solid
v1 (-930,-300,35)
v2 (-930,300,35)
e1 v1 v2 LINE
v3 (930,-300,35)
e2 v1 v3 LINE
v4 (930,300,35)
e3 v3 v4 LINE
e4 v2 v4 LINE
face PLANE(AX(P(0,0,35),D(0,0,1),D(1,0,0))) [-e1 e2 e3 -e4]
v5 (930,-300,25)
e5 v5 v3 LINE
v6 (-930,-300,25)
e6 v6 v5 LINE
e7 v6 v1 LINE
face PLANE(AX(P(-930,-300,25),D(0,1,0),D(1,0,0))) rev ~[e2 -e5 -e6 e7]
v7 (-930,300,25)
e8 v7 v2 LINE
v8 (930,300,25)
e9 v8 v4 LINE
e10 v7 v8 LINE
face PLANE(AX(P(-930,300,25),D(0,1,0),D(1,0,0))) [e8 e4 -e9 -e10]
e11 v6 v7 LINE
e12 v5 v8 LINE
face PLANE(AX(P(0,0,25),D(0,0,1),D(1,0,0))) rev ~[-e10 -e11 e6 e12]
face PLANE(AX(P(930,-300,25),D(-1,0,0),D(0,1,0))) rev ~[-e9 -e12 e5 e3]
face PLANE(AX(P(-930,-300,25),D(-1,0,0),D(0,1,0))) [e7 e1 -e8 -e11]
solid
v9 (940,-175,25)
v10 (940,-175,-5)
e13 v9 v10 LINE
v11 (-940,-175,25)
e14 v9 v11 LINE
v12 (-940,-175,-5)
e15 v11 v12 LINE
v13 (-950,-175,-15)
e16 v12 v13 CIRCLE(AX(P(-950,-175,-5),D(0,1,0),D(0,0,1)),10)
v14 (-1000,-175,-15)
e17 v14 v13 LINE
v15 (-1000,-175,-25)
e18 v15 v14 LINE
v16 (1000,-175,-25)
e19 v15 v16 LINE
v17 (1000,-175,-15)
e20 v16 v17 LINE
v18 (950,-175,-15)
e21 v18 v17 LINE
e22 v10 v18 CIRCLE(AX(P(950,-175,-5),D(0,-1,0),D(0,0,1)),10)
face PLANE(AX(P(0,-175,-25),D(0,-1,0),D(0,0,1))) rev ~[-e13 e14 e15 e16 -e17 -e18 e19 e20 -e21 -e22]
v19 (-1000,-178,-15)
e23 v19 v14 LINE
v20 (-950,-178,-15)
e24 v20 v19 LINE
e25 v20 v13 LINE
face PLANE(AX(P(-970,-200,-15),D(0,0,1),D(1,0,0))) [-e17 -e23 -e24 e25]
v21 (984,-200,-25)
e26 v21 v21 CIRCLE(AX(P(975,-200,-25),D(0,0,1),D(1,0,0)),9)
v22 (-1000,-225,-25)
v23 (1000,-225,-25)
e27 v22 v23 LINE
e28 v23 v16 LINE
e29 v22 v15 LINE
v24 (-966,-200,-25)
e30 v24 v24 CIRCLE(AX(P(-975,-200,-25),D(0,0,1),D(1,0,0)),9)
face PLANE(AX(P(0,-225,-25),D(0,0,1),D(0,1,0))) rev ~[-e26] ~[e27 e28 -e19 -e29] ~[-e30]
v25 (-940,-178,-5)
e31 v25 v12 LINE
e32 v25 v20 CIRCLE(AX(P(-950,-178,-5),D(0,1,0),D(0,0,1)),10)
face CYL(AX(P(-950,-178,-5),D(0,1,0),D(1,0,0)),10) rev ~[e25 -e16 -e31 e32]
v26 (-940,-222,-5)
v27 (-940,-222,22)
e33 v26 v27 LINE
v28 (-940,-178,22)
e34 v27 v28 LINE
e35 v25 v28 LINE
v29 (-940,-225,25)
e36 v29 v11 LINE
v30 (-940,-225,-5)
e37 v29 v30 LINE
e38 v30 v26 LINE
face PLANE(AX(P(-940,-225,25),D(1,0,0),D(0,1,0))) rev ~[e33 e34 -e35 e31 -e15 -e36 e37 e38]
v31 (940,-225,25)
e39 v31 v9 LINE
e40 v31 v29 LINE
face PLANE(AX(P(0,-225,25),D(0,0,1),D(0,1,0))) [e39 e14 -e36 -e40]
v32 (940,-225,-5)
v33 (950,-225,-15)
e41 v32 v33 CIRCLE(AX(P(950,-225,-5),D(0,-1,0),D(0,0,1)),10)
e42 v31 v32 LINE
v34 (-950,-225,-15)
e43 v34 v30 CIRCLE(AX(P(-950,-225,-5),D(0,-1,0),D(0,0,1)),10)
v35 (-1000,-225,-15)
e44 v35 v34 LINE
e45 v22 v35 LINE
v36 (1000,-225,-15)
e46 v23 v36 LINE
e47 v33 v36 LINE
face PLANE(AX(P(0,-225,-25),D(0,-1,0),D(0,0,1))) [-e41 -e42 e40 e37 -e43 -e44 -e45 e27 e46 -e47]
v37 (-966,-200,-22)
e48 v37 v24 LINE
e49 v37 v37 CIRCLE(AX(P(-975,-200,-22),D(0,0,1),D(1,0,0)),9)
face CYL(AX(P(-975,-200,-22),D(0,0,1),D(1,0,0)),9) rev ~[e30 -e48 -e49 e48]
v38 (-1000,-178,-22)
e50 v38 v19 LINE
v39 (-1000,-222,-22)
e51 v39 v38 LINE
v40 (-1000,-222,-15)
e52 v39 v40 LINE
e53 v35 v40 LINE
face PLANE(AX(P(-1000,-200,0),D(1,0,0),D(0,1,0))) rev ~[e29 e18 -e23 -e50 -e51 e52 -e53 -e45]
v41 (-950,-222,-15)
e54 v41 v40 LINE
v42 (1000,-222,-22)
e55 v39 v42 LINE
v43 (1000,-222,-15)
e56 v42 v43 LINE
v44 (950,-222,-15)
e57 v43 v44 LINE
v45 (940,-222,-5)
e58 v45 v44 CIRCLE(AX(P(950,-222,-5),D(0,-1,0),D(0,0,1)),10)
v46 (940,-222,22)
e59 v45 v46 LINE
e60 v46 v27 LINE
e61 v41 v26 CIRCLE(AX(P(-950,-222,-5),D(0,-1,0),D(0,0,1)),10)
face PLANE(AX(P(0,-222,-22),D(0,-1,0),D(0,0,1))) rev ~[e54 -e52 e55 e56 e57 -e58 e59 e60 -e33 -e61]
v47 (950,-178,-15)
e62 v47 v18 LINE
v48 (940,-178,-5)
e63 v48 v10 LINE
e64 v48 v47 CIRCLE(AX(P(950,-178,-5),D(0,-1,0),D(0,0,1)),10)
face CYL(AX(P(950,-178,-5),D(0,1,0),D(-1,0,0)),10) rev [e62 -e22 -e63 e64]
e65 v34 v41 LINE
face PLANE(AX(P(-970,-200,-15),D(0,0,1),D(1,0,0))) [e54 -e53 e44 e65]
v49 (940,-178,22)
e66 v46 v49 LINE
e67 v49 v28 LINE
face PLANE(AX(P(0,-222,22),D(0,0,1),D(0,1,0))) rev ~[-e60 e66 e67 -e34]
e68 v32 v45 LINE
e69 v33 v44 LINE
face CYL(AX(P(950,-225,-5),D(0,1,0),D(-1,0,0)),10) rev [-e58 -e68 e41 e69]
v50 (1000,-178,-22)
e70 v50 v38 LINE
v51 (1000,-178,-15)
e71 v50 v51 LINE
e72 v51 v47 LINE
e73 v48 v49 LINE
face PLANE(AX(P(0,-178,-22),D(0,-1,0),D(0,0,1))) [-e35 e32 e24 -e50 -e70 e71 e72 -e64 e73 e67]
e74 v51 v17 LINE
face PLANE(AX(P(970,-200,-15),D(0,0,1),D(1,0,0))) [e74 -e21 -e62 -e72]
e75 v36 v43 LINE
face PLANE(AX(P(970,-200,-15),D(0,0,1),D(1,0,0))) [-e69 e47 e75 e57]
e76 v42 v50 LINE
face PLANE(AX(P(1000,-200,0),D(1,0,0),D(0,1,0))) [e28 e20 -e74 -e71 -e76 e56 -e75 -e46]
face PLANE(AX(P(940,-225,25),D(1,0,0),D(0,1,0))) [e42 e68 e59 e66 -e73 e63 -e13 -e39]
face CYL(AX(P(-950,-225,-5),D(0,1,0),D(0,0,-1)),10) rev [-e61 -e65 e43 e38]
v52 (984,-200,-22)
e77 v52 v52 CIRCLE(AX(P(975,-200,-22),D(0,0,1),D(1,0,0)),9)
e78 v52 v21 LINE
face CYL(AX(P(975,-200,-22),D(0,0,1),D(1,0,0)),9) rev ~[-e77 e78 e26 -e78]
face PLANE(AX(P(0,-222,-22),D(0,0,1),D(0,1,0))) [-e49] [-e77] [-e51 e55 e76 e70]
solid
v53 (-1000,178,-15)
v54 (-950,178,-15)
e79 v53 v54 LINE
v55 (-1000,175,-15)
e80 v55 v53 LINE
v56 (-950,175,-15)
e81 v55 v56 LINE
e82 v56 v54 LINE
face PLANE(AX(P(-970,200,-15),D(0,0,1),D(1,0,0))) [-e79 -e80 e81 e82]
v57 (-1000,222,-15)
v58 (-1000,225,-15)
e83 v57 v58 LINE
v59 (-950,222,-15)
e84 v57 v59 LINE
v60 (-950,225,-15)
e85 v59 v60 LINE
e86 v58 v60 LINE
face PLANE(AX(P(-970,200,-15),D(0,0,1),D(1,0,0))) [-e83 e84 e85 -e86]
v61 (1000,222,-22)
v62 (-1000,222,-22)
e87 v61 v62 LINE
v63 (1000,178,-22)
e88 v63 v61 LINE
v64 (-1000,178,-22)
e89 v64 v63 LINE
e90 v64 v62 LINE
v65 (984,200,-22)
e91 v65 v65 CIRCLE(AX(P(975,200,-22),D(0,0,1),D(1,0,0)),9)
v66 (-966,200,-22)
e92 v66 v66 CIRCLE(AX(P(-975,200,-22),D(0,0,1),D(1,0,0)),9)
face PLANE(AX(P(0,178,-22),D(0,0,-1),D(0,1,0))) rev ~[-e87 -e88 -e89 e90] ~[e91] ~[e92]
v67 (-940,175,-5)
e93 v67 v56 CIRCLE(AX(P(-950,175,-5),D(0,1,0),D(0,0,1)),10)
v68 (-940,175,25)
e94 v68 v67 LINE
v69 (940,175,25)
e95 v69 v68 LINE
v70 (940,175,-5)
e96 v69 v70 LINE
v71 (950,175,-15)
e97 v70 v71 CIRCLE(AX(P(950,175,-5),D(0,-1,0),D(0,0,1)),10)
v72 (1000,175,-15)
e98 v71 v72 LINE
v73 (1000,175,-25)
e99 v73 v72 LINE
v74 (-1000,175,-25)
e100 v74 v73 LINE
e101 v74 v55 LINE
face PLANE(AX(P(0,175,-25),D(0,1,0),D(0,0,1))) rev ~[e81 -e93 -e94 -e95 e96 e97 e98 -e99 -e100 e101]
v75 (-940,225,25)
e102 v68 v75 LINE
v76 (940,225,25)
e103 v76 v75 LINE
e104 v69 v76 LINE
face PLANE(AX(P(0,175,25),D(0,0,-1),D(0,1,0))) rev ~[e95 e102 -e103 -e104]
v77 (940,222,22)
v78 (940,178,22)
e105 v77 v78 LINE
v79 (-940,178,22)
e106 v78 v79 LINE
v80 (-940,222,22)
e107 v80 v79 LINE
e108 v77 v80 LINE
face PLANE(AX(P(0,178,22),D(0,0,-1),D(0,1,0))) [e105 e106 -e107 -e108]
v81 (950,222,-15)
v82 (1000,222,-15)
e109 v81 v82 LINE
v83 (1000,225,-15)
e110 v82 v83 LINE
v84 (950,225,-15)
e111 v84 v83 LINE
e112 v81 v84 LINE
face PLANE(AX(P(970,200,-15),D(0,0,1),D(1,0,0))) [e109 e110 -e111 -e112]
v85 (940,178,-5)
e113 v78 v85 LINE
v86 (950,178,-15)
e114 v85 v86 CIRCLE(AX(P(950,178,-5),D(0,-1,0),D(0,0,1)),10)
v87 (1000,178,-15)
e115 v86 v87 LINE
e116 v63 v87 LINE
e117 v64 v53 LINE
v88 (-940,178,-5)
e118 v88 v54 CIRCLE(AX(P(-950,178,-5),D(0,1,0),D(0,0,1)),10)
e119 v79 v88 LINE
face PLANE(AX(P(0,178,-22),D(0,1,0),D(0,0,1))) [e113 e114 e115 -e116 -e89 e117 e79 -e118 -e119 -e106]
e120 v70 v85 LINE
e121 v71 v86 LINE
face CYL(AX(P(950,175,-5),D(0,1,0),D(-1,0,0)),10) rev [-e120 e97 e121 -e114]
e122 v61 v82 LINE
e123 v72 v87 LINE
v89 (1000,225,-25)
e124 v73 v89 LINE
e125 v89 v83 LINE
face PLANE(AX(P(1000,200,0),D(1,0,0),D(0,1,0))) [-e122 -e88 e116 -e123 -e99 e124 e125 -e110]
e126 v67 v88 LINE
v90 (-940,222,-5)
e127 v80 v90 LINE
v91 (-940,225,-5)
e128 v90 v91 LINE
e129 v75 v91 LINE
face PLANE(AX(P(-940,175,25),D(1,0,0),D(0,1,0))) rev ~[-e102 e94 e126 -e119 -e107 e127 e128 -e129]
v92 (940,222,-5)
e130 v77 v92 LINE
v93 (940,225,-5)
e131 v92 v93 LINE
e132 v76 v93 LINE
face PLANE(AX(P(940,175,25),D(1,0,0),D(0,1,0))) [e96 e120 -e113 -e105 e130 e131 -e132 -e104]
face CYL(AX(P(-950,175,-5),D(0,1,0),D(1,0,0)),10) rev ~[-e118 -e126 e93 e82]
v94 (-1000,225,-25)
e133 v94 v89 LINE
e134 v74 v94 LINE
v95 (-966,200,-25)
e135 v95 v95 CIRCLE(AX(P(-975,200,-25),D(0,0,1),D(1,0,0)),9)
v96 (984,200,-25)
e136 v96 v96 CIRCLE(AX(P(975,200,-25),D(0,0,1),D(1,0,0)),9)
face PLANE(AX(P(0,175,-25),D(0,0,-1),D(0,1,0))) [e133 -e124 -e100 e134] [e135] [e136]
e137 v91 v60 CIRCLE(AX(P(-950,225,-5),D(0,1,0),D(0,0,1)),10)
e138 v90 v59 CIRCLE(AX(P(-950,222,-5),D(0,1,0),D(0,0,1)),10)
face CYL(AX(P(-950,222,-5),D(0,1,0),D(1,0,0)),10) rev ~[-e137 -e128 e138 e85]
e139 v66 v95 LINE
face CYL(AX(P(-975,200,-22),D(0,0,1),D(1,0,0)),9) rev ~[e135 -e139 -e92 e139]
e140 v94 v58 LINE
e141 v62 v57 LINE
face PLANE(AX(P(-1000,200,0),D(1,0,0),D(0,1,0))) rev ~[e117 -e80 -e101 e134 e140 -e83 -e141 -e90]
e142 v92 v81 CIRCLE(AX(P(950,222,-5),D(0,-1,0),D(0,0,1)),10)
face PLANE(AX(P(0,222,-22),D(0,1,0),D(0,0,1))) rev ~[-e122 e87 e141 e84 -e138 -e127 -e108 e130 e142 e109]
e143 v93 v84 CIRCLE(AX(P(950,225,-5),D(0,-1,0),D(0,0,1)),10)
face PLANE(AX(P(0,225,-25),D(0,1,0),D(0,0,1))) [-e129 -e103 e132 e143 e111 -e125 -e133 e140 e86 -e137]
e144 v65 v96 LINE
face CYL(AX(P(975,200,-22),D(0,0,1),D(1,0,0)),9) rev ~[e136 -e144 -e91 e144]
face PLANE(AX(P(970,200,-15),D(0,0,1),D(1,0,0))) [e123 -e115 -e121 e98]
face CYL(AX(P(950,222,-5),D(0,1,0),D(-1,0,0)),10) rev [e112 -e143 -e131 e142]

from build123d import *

# Parameters (mm, degrees)
F0_W     = 50
F0_H     = 50
F0_W_2   = 44
F0_H_2   = 44
F1_DEPTH = 1000
F2_W     = 1860
F2_H     = 600
F3_DEPTH = 10
F4_W     = 60
F4_H     = 50
F5_DEPTH = 40
F6_R     = 10
F7_R     = 10
F8_R     = 9
F9_DEPTH = 5


with BuildPart() as f1:
    # F0 (on Right) → F1 (new body, symmetric)
    with BuildSketch(Plane.YZ):
        with Locations((-200, 0)):
            Rectangle(F0_W, F0_H)
        with Locations((-200, 0)):
            Rectangle(F0_W_2, F0_H_2, mode=Mode.SUBTRACT)
        with Locations((200, 0)):
            Rectangle(F0_W, F0_H)
        with Locations((200, 0)):
            Rectangle(F0_W_2, F0_H_2, mode=Mode.SUBTRACT)
    extrude(amount=F1_DEPTH, both=True)

    # F4 (on face) → F5 (cut)
    with BuildSketch(Plane.XY.offset(25)):
        with Locations((-970, 200)):
            Rectangle(F4_W, F4_H)
        with Locations((-970, -200)):
            Rectangle(F4_W, F4_H)
        with Locations((970, 200)):
            Rectangle(F4_W, F4_H)
        with Locations((970, -200)):
            Rectangle(F4_W, F4_H)
    extrude(amount=-F5_DEPTH, mode=Mode.SUBTRACT)

    # F6
    f6_edges = [f1.edges().sort_by_distance(p)[0] for p in [
        (-940, 176.5, -15),
        (-940, 223.5, -15),
        (-940, -223.5, -15),
        (-940, -176.5, -15),
    ]]
    fillet(f6_edges, radius=F6_R)

    # F7
    f7_edges = [f1.edges().sort_by_distance(p)[0] for p in [
        (940, -223.5, -15),
        (940, -176.5, -15),
        (940, 176.5, -15),
        (940, 223.5, -15),
    ]]
    fillet(f7_edges, radius=F7_R)

    # F8 (on face) → F9 (cut)
    with BuildSketch(Plane.XY.offset(-22)):
        with Locations((-975, 200)):
            Circle(F8_R)
        with Locations((-975, -200)):
            Circle(F8_R)
        with Locations((975, 200)):
            Circle(F8_R)
        with Locations((975, -200)):
            Circle(F8_R)
        with Locations((2925, 200)):
            Circle(F8_R)
        with Locations((2925, -200)):
            Circle(F8_R)
    extrude(amount=-F9_DEPTH, mode=Mode.SUBTRACT)


with BuildPart() as f3:
    # F2 (on face) → F3 (new body)
    with BuildSketch(Plane.XY.offset(25)):
        Rectangle(F2_W, F2_H)
    extrude(amount=F3_DEPTH)


solid = Compound([f1.part, f3.part])
